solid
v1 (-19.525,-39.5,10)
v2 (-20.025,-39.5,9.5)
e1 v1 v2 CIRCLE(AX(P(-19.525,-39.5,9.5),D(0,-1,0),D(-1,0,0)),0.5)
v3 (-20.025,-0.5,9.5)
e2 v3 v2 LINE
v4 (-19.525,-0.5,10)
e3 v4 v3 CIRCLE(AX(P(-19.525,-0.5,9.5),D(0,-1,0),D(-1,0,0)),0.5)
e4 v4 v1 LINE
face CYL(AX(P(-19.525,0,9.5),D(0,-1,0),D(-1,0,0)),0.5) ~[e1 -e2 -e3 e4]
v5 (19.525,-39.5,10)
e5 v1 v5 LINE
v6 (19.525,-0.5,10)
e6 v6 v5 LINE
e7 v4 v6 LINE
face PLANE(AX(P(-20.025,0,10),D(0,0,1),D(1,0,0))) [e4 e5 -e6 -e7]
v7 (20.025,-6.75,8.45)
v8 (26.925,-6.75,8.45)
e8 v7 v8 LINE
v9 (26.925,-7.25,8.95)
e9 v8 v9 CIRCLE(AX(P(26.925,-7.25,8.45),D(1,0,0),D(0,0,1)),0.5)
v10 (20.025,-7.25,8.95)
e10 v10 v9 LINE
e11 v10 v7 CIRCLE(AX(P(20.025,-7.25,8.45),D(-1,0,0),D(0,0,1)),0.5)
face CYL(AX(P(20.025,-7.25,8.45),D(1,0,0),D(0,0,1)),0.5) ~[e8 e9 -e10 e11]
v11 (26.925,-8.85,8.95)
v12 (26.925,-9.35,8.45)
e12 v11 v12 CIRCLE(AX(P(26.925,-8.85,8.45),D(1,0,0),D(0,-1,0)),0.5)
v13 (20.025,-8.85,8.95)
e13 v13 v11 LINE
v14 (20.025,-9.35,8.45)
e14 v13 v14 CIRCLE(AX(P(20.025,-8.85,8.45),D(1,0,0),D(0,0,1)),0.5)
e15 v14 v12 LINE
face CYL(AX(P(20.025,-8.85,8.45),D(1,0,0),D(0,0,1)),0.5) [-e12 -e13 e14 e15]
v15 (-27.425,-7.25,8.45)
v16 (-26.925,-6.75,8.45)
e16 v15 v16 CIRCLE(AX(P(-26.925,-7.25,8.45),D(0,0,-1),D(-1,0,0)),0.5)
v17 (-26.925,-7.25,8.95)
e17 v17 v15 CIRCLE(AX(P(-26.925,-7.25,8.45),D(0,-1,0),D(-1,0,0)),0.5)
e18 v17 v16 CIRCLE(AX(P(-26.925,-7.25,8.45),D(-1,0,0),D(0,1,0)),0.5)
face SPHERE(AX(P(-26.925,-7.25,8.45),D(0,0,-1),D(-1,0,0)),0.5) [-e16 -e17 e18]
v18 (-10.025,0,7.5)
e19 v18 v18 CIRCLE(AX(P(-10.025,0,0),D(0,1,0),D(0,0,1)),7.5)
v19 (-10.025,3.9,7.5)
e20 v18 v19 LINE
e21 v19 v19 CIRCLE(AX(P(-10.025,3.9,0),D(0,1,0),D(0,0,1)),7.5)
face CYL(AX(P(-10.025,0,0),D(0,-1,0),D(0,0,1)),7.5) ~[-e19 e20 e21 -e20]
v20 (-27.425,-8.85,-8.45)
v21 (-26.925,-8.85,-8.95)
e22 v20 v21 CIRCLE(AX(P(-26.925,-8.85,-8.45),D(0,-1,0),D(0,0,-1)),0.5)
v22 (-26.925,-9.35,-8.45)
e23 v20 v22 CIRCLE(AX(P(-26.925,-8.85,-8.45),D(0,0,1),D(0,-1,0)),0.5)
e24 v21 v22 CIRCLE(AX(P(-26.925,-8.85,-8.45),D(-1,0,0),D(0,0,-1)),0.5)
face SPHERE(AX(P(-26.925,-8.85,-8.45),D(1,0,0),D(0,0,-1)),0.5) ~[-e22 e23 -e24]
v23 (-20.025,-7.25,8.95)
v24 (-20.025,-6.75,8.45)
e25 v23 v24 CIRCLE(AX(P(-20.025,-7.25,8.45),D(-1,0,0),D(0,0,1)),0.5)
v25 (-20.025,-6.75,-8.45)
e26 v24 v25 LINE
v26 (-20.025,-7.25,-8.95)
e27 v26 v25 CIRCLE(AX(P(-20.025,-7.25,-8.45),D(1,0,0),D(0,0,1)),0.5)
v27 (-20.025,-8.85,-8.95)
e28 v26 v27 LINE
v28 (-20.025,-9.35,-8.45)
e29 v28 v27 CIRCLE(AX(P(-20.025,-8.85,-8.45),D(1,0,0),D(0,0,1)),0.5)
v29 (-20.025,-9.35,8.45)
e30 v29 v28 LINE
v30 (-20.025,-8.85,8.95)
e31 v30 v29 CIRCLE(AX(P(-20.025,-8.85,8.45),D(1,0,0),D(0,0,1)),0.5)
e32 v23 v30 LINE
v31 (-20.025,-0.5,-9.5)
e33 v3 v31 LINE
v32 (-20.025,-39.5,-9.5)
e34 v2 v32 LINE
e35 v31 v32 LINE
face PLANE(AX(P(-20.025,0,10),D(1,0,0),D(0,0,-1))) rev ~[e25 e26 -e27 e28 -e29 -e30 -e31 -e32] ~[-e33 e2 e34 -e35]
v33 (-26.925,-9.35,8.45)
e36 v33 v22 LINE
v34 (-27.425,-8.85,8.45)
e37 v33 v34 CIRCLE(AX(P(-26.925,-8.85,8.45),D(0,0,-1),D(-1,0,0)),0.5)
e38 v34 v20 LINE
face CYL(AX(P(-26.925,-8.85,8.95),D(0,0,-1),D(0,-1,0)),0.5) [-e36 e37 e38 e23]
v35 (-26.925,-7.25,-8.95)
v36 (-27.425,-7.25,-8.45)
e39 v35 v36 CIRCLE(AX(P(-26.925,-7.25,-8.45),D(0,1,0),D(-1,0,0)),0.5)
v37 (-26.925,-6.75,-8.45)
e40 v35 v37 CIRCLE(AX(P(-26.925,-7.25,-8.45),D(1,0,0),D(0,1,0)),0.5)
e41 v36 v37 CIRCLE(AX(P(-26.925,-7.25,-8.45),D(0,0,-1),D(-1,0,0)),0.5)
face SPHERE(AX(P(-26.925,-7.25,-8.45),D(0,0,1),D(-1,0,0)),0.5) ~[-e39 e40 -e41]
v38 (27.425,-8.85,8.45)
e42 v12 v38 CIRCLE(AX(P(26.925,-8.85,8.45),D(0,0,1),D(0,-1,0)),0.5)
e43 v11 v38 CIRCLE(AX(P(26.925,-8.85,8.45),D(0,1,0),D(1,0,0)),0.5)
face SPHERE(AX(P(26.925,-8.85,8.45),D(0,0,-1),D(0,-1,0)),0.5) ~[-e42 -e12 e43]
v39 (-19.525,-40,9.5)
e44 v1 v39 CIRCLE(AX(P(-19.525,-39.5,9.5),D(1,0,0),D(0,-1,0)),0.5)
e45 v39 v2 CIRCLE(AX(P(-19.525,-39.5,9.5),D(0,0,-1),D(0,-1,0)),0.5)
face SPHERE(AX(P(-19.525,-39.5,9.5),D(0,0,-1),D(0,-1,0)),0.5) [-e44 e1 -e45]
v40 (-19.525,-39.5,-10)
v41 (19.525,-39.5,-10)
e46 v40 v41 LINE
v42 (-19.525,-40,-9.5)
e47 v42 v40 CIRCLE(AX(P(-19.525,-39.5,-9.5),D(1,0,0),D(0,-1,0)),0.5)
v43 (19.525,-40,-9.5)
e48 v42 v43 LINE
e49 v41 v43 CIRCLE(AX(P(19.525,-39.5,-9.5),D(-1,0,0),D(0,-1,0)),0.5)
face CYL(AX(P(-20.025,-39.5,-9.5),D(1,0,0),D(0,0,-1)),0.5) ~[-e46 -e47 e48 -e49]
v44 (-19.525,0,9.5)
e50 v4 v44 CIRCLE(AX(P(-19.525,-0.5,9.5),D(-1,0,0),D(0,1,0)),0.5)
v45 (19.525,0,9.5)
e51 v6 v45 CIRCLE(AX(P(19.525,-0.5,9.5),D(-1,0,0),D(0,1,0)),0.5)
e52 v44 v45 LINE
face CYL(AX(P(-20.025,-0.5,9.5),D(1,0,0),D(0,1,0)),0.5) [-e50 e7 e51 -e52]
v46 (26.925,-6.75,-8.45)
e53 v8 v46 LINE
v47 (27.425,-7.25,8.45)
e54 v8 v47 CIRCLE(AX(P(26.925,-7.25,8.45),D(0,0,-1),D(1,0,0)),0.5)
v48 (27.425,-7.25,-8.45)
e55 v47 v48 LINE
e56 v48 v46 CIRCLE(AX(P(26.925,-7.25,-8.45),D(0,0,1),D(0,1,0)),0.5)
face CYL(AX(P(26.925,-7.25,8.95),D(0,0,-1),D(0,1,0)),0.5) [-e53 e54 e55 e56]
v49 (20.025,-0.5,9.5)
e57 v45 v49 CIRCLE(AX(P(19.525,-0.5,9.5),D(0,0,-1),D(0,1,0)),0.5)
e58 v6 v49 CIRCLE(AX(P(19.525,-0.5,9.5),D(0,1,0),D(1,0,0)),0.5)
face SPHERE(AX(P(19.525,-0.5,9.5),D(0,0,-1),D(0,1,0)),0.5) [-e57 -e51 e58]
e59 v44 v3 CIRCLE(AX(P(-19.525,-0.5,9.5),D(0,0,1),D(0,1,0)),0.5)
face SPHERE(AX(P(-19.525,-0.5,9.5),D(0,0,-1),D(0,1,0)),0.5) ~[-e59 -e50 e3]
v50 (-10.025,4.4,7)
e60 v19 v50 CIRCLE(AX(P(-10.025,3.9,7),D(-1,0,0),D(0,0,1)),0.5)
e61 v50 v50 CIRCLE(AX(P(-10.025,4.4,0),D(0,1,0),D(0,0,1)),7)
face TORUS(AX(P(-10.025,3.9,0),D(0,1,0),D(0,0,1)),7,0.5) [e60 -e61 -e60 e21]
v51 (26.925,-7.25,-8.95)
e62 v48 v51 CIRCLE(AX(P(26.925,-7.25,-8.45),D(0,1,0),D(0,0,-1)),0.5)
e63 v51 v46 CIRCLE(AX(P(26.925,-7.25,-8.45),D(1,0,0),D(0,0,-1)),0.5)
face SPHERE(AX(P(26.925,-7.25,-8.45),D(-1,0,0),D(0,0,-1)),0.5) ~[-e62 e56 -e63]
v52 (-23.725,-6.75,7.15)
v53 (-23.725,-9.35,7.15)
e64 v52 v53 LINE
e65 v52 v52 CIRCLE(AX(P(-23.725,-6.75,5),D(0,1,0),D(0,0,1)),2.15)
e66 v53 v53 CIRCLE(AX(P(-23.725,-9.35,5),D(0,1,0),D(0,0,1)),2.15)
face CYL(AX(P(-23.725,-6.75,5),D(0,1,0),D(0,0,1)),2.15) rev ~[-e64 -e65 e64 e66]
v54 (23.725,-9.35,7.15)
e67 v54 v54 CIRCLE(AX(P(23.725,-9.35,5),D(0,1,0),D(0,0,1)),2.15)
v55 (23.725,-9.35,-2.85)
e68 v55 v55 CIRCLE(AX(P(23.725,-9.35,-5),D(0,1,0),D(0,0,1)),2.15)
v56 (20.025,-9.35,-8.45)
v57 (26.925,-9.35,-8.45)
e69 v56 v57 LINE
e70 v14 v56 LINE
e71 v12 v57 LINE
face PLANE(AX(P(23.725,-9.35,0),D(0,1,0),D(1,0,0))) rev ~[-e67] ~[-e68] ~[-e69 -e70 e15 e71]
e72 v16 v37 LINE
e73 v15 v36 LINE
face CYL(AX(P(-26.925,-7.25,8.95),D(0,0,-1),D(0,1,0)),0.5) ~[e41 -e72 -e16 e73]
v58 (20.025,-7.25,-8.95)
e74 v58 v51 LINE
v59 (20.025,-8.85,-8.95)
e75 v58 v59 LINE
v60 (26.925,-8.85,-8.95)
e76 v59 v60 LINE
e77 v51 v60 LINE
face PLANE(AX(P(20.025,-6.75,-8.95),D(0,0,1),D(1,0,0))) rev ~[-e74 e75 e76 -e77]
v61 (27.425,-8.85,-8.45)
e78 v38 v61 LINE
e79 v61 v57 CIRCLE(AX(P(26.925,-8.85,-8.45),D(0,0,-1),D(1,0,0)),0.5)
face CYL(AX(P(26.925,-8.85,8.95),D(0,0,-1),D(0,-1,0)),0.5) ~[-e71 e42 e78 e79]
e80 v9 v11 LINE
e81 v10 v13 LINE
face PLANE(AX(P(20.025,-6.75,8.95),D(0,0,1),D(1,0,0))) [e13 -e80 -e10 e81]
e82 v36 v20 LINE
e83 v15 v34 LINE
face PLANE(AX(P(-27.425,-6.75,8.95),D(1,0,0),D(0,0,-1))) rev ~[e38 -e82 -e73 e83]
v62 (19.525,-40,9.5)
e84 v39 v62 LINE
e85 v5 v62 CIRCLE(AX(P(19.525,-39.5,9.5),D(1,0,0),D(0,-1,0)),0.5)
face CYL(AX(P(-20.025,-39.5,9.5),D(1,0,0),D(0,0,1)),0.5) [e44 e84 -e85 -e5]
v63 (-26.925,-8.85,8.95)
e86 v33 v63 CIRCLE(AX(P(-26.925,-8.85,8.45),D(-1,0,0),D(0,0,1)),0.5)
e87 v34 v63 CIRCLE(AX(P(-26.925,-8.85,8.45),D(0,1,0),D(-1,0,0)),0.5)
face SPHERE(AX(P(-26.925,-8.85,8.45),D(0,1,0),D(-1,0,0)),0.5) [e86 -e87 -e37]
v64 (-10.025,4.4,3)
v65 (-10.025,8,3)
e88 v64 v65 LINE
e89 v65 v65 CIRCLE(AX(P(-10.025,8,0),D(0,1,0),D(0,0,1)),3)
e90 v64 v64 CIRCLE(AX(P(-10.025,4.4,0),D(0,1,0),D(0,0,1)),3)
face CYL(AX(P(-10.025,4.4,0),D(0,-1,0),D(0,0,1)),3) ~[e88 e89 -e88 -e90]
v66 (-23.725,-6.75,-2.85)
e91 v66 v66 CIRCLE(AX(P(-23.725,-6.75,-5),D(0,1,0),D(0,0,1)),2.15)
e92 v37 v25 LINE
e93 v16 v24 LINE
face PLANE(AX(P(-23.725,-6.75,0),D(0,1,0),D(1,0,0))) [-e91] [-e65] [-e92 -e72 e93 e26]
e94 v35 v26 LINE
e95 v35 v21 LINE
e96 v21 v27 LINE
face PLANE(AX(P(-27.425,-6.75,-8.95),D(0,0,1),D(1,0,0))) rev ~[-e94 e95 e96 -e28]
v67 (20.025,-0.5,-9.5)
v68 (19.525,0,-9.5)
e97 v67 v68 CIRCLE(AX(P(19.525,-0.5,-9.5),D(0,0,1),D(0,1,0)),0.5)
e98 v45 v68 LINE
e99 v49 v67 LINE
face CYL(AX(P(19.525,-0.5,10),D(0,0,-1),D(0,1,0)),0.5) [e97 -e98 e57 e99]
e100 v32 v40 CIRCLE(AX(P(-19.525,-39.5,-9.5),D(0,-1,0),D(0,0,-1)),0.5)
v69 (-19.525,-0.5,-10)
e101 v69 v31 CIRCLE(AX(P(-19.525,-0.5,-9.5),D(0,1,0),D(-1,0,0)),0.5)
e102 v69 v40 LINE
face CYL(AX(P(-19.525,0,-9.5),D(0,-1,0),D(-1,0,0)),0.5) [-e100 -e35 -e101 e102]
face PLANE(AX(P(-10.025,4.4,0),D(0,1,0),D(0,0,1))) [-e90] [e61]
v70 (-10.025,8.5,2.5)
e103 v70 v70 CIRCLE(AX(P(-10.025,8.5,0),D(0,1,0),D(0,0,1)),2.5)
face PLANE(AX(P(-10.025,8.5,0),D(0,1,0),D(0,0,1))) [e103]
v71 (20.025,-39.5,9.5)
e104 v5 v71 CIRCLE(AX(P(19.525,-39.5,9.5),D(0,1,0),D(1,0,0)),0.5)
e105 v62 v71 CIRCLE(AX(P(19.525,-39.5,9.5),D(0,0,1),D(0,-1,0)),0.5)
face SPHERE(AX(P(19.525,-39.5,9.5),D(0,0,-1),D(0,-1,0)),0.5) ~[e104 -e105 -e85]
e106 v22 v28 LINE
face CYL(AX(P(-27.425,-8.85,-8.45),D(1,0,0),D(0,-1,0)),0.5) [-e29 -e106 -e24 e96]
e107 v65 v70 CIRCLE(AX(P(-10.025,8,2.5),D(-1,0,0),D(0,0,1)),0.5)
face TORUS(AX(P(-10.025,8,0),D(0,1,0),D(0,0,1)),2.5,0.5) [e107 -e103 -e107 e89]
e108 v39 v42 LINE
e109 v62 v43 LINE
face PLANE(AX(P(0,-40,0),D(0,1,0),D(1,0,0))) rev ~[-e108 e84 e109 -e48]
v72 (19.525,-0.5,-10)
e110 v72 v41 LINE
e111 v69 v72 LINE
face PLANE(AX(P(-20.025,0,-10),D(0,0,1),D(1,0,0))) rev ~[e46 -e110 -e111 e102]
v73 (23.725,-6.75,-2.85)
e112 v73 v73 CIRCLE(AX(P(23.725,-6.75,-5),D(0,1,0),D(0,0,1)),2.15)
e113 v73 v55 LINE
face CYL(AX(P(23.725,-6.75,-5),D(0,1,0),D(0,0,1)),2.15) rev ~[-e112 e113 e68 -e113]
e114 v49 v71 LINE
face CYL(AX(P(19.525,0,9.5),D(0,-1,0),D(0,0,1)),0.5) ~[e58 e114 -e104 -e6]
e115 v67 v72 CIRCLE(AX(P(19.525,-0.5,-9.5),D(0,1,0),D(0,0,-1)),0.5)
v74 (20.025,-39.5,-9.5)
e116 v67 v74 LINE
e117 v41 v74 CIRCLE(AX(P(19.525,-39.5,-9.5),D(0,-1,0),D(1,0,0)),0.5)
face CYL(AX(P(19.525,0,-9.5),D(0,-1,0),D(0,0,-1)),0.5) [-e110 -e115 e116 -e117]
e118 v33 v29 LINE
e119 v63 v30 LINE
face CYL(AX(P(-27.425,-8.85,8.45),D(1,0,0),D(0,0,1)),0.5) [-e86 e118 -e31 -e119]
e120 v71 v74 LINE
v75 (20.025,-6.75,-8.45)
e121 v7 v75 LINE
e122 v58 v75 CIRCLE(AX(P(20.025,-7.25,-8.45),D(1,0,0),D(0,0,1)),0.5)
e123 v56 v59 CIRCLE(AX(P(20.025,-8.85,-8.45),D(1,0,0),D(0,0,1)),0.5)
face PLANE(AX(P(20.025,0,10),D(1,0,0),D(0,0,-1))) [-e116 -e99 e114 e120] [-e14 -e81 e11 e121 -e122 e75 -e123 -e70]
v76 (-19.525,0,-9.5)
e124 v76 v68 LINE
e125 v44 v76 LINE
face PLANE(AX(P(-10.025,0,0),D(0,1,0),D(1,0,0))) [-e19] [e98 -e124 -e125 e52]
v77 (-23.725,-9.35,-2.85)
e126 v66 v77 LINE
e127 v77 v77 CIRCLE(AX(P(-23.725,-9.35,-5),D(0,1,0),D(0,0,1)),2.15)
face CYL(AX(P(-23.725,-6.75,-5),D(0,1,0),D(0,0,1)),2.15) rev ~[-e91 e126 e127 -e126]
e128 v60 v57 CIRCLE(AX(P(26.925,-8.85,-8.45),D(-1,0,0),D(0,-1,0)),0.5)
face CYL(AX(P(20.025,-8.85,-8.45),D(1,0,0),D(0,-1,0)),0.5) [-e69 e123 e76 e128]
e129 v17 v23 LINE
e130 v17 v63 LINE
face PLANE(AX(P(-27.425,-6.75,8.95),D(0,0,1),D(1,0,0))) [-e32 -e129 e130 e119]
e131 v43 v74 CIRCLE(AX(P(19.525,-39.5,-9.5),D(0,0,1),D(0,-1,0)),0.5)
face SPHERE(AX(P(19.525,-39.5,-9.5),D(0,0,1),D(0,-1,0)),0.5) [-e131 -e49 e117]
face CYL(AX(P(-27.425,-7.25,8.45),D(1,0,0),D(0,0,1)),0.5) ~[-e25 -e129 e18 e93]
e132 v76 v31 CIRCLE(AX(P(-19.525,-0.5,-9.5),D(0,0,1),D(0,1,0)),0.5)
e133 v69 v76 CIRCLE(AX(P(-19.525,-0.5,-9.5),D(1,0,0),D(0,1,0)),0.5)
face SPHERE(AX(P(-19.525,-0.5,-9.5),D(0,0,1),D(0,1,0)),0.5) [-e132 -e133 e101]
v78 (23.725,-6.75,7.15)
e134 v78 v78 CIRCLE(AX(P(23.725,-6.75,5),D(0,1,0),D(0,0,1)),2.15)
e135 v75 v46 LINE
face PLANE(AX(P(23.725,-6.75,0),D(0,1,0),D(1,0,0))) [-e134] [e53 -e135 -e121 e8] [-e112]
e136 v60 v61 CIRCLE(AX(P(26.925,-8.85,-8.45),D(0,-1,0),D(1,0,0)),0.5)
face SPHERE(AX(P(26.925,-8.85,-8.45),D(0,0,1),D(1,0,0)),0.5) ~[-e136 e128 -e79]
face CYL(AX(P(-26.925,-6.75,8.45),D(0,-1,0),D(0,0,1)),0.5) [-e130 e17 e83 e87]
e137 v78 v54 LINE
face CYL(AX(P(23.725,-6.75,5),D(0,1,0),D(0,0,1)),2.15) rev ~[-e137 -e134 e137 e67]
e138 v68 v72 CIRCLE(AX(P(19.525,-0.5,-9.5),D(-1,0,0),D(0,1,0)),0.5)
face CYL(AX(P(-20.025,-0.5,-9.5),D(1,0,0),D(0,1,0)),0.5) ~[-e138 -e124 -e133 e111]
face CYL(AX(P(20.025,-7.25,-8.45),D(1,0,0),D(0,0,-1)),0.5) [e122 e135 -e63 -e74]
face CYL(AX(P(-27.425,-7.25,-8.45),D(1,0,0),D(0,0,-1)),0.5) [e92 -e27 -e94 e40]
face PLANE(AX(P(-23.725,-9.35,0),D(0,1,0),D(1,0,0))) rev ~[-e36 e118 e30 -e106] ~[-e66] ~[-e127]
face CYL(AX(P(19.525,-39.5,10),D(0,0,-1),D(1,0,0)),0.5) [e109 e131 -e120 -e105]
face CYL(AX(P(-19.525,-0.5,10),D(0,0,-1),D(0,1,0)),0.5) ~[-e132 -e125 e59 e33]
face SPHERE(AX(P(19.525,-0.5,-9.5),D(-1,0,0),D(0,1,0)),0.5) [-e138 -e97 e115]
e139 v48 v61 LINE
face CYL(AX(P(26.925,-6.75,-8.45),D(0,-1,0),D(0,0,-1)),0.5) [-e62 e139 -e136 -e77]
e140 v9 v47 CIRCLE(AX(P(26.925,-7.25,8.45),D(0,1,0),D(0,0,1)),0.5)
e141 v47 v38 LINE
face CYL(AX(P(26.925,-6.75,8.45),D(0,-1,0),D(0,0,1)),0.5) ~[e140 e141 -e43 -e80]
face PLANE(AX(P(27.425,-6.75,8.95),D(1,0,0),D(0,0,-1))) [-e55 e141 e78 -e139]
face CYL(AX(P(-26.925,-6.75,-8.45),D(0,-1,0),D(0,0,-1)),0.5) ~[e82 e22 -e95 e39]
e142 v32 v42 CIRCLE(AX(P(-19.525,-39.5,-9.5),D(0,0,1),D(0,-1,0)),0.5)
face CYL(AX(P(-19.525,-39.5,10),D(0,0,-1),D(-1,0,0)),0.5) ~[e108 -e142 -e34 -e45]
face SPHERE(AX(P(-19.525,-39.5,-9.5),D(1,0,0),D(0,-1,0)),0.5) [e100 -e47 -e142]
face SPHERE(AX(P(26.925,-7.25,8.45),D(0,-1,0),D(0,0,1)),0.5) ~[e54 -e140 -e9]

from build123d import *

# Parameters (mm, degrees)
SKETCH1_W           = 40.05
SKETCH1_H           = 20
SKETCH1_R           = 7.5
SKETCH1_R_2         = 3
BOSS_EXTRUDE1_DEPTH = 40
BOSS_EXTRUDE2_START = -6.75
SKETCH1_3_W         = 7.4
SKETCH1_3_H         = 17.9
SKETCH1_3_R         = 2.15
BOSS_EXTRUDE2_DEPTH = 2.6
SKETCH1_4_R         = 7.5
SKETCH1_4_R_2       = 3
BOSS_EXTRUDE3_DEPTH = 4.4
BOSS_EXTRUDE4_START = 4.4
SKETCH1_5_R         = 3
BOSS_EXTRUDE4_DEPTH = 4.1
FILLET1_R           = 0.5


with BuildPart() as part:
    # Sketch1 → Boss-Extrude1 (new body)
    # profile 1 of 3: a face of its own
    with BuildSketch(Plane(origin=(0, 0, 0), x_dir=(1, 0, 0), z_dir=(0, 1, 0))):
        Rectangle(SKETCH1_W, SKETCH1_H)
        with Locations((-10.025, 0)):
            Circle(SKETCH1_R, mode=Mode.SUBTRACT)
    # profile 2 of 3: a face of its own
    with BuildSketch(Plane(origin=(0, 0, 0), x_dir=(1, 0, 0), z_dir=(0, 1, 0))):
        with Locations((-10.025, 0)):
            Circle(SKETCH1_R)
        with Locations((-10.025, 0)):
            Circle(SKETCH1_R_2, mode=Mode.SUBTRACT)
    # profile 3 of 3: a face of its own
    with BuildSketch(Plane(origin=(0, 0, 0), x_dir=(1, 0, 0), z_dir=(0, 1, 0))):
        with Locations((-10.025, 0)):
            Circle(SKETCH1_R_2)
    extrude(amount=-BOSS_EXTRUDE1_DEPTH)

    # Sketch1<3> → Boss-Extrude2 (add)
    # profile 1 of 2: a face of its own
    with BuildSketch(Plane(origin=(0, 0, 0), x_dir=(1, 0, 0), z_dir=(0, 1, 0)).offset(BOSS_EXTRUDE2_START)):
        with Locations((-23.725, 0)):
            Rectangle(SKETCH1_3_W, SKETCH1_3_H)
        with Locations(Location((-23.725, -5, 0), (0, 0, 270))):
            Circle(SKETCH1_3_R, mode=Mode.SUBTRACT)
        with Locations(Location((-23.725, 5, 0), (0, 0, 270))):
            Circle(SKETCH1_3_R, mode=Mode.SUBTRACT)
    # profile 2 of 2: a face of its own
    with BuildSketch(Plane(origin=(0, 0, 0), x_dir=(1, 0, 0), z_dir=(0, 1, 0)).offset(BOSS_EXTRUDE2_START)):
        with Locations((23.725, 0)):
            Rectangle(SKETCH1_3_W, SKETCH1_3_H)
        with Locations(Location((23.725, -5, 0), (0, 0, 270))):
            Circle(SKETCH1_3_R, mode=Mode.SUBTRACT)
        with Locations(Location((23.725, 5, 0), (0, 0, 270))):
            Circle(SKETCH1_3_R, mode=Mode.SUBTRACT)
    extrude(amount=-BOSS_EXTRUDE2_DEPTH)

    # Sketch1<4> → Boss-Extrude3 (add)
    # profile 1 of 2: a face of its own
    with BuildSketch(Plane(origin=(0, 0, 0), x_dir=(1, 0, 0), z_dir=(0, 1, 0))):
        with Locations(Location((-10.025, 0, 0), (0, 0, 270))):
            Circle(SKETCH1_4_R)
        with Locations((-10.025, 0)):
            Circle(SKETCH1_4_R_2, mode=Mode.SUBTRACT)
    # profile 2 of 2: a face of its own
    with BuildSketch(Plane(origin=(0, 0, 0), x_dir=(1, 0, 0), z_dir=(0, 1, 0))):
        with Locations((-10.025, 0)):
            Circle(SKETCH1_4_R_2)
    extrude(amount=BOSS_EXTRUDE3_DEPTH)

    # Sketch1<5> → Boss-Extrude4 (add)
    with BuildSketch(Plane(origin=(0, 0, 0), x_dir=(1, 0, 0), z_dir=(0, 1, 0)).offset(BOSS_EXTRUDE4_START)):
        with Locations(Location((-10.025, 0, 0), (0, 0, 270))):
            Circle(SKETCH1_5_R)
    extrude(amount=BOSS_EXTRUDE4_DEPTH)

    # Fillet1
    fillet1_edges = [part.edges().sort_by_distance(p)[0] for p in [
        (20.025, -40, 0),
        (0, -40, -10),
        (-27.425, -6.75, 0),
        (-27.425, -8.05, 8.95),
        (-23.725, -9.35, -8.95),
        (-27.425, -8.05, -8.95),
        (-23.725, -6.75, 8.95),
        (-20.025, -40, 0),
        (-27.425, -9.35, 0),
        (-23.725, -9.35, 8.95),
        (-23.725, -6.75, -8.95),
        (23.725, -6.75, -8.95),
        (27.425, -9.35, 0),
        (27.425, -8.05, -8.95),
        (23.725, -9.35, 8.95),
        (27.425, -8.05, 8.95),
        (23.725, -9.35, -8.95),
        (23.725, -6.75, 8.95),
        (27.425, -6.75, 0),
        (0, -40, 10),
        (-10.025, 4.4, -7.5),
        (-10.025, 8.5, -3),
        (-20.025, 0, 0),
        (0, 0, -10),
        (20.025, 0, 0),
        (0, 0, 10),
        (-20.025, -20, 10),
        (-20.025, -20, -10),
        (20.025, -20, -10),
        (20.025, -20, 10),
    ]]
    fillet(fillet1_edges, radius=FILLET1_R)


solid = part.part
